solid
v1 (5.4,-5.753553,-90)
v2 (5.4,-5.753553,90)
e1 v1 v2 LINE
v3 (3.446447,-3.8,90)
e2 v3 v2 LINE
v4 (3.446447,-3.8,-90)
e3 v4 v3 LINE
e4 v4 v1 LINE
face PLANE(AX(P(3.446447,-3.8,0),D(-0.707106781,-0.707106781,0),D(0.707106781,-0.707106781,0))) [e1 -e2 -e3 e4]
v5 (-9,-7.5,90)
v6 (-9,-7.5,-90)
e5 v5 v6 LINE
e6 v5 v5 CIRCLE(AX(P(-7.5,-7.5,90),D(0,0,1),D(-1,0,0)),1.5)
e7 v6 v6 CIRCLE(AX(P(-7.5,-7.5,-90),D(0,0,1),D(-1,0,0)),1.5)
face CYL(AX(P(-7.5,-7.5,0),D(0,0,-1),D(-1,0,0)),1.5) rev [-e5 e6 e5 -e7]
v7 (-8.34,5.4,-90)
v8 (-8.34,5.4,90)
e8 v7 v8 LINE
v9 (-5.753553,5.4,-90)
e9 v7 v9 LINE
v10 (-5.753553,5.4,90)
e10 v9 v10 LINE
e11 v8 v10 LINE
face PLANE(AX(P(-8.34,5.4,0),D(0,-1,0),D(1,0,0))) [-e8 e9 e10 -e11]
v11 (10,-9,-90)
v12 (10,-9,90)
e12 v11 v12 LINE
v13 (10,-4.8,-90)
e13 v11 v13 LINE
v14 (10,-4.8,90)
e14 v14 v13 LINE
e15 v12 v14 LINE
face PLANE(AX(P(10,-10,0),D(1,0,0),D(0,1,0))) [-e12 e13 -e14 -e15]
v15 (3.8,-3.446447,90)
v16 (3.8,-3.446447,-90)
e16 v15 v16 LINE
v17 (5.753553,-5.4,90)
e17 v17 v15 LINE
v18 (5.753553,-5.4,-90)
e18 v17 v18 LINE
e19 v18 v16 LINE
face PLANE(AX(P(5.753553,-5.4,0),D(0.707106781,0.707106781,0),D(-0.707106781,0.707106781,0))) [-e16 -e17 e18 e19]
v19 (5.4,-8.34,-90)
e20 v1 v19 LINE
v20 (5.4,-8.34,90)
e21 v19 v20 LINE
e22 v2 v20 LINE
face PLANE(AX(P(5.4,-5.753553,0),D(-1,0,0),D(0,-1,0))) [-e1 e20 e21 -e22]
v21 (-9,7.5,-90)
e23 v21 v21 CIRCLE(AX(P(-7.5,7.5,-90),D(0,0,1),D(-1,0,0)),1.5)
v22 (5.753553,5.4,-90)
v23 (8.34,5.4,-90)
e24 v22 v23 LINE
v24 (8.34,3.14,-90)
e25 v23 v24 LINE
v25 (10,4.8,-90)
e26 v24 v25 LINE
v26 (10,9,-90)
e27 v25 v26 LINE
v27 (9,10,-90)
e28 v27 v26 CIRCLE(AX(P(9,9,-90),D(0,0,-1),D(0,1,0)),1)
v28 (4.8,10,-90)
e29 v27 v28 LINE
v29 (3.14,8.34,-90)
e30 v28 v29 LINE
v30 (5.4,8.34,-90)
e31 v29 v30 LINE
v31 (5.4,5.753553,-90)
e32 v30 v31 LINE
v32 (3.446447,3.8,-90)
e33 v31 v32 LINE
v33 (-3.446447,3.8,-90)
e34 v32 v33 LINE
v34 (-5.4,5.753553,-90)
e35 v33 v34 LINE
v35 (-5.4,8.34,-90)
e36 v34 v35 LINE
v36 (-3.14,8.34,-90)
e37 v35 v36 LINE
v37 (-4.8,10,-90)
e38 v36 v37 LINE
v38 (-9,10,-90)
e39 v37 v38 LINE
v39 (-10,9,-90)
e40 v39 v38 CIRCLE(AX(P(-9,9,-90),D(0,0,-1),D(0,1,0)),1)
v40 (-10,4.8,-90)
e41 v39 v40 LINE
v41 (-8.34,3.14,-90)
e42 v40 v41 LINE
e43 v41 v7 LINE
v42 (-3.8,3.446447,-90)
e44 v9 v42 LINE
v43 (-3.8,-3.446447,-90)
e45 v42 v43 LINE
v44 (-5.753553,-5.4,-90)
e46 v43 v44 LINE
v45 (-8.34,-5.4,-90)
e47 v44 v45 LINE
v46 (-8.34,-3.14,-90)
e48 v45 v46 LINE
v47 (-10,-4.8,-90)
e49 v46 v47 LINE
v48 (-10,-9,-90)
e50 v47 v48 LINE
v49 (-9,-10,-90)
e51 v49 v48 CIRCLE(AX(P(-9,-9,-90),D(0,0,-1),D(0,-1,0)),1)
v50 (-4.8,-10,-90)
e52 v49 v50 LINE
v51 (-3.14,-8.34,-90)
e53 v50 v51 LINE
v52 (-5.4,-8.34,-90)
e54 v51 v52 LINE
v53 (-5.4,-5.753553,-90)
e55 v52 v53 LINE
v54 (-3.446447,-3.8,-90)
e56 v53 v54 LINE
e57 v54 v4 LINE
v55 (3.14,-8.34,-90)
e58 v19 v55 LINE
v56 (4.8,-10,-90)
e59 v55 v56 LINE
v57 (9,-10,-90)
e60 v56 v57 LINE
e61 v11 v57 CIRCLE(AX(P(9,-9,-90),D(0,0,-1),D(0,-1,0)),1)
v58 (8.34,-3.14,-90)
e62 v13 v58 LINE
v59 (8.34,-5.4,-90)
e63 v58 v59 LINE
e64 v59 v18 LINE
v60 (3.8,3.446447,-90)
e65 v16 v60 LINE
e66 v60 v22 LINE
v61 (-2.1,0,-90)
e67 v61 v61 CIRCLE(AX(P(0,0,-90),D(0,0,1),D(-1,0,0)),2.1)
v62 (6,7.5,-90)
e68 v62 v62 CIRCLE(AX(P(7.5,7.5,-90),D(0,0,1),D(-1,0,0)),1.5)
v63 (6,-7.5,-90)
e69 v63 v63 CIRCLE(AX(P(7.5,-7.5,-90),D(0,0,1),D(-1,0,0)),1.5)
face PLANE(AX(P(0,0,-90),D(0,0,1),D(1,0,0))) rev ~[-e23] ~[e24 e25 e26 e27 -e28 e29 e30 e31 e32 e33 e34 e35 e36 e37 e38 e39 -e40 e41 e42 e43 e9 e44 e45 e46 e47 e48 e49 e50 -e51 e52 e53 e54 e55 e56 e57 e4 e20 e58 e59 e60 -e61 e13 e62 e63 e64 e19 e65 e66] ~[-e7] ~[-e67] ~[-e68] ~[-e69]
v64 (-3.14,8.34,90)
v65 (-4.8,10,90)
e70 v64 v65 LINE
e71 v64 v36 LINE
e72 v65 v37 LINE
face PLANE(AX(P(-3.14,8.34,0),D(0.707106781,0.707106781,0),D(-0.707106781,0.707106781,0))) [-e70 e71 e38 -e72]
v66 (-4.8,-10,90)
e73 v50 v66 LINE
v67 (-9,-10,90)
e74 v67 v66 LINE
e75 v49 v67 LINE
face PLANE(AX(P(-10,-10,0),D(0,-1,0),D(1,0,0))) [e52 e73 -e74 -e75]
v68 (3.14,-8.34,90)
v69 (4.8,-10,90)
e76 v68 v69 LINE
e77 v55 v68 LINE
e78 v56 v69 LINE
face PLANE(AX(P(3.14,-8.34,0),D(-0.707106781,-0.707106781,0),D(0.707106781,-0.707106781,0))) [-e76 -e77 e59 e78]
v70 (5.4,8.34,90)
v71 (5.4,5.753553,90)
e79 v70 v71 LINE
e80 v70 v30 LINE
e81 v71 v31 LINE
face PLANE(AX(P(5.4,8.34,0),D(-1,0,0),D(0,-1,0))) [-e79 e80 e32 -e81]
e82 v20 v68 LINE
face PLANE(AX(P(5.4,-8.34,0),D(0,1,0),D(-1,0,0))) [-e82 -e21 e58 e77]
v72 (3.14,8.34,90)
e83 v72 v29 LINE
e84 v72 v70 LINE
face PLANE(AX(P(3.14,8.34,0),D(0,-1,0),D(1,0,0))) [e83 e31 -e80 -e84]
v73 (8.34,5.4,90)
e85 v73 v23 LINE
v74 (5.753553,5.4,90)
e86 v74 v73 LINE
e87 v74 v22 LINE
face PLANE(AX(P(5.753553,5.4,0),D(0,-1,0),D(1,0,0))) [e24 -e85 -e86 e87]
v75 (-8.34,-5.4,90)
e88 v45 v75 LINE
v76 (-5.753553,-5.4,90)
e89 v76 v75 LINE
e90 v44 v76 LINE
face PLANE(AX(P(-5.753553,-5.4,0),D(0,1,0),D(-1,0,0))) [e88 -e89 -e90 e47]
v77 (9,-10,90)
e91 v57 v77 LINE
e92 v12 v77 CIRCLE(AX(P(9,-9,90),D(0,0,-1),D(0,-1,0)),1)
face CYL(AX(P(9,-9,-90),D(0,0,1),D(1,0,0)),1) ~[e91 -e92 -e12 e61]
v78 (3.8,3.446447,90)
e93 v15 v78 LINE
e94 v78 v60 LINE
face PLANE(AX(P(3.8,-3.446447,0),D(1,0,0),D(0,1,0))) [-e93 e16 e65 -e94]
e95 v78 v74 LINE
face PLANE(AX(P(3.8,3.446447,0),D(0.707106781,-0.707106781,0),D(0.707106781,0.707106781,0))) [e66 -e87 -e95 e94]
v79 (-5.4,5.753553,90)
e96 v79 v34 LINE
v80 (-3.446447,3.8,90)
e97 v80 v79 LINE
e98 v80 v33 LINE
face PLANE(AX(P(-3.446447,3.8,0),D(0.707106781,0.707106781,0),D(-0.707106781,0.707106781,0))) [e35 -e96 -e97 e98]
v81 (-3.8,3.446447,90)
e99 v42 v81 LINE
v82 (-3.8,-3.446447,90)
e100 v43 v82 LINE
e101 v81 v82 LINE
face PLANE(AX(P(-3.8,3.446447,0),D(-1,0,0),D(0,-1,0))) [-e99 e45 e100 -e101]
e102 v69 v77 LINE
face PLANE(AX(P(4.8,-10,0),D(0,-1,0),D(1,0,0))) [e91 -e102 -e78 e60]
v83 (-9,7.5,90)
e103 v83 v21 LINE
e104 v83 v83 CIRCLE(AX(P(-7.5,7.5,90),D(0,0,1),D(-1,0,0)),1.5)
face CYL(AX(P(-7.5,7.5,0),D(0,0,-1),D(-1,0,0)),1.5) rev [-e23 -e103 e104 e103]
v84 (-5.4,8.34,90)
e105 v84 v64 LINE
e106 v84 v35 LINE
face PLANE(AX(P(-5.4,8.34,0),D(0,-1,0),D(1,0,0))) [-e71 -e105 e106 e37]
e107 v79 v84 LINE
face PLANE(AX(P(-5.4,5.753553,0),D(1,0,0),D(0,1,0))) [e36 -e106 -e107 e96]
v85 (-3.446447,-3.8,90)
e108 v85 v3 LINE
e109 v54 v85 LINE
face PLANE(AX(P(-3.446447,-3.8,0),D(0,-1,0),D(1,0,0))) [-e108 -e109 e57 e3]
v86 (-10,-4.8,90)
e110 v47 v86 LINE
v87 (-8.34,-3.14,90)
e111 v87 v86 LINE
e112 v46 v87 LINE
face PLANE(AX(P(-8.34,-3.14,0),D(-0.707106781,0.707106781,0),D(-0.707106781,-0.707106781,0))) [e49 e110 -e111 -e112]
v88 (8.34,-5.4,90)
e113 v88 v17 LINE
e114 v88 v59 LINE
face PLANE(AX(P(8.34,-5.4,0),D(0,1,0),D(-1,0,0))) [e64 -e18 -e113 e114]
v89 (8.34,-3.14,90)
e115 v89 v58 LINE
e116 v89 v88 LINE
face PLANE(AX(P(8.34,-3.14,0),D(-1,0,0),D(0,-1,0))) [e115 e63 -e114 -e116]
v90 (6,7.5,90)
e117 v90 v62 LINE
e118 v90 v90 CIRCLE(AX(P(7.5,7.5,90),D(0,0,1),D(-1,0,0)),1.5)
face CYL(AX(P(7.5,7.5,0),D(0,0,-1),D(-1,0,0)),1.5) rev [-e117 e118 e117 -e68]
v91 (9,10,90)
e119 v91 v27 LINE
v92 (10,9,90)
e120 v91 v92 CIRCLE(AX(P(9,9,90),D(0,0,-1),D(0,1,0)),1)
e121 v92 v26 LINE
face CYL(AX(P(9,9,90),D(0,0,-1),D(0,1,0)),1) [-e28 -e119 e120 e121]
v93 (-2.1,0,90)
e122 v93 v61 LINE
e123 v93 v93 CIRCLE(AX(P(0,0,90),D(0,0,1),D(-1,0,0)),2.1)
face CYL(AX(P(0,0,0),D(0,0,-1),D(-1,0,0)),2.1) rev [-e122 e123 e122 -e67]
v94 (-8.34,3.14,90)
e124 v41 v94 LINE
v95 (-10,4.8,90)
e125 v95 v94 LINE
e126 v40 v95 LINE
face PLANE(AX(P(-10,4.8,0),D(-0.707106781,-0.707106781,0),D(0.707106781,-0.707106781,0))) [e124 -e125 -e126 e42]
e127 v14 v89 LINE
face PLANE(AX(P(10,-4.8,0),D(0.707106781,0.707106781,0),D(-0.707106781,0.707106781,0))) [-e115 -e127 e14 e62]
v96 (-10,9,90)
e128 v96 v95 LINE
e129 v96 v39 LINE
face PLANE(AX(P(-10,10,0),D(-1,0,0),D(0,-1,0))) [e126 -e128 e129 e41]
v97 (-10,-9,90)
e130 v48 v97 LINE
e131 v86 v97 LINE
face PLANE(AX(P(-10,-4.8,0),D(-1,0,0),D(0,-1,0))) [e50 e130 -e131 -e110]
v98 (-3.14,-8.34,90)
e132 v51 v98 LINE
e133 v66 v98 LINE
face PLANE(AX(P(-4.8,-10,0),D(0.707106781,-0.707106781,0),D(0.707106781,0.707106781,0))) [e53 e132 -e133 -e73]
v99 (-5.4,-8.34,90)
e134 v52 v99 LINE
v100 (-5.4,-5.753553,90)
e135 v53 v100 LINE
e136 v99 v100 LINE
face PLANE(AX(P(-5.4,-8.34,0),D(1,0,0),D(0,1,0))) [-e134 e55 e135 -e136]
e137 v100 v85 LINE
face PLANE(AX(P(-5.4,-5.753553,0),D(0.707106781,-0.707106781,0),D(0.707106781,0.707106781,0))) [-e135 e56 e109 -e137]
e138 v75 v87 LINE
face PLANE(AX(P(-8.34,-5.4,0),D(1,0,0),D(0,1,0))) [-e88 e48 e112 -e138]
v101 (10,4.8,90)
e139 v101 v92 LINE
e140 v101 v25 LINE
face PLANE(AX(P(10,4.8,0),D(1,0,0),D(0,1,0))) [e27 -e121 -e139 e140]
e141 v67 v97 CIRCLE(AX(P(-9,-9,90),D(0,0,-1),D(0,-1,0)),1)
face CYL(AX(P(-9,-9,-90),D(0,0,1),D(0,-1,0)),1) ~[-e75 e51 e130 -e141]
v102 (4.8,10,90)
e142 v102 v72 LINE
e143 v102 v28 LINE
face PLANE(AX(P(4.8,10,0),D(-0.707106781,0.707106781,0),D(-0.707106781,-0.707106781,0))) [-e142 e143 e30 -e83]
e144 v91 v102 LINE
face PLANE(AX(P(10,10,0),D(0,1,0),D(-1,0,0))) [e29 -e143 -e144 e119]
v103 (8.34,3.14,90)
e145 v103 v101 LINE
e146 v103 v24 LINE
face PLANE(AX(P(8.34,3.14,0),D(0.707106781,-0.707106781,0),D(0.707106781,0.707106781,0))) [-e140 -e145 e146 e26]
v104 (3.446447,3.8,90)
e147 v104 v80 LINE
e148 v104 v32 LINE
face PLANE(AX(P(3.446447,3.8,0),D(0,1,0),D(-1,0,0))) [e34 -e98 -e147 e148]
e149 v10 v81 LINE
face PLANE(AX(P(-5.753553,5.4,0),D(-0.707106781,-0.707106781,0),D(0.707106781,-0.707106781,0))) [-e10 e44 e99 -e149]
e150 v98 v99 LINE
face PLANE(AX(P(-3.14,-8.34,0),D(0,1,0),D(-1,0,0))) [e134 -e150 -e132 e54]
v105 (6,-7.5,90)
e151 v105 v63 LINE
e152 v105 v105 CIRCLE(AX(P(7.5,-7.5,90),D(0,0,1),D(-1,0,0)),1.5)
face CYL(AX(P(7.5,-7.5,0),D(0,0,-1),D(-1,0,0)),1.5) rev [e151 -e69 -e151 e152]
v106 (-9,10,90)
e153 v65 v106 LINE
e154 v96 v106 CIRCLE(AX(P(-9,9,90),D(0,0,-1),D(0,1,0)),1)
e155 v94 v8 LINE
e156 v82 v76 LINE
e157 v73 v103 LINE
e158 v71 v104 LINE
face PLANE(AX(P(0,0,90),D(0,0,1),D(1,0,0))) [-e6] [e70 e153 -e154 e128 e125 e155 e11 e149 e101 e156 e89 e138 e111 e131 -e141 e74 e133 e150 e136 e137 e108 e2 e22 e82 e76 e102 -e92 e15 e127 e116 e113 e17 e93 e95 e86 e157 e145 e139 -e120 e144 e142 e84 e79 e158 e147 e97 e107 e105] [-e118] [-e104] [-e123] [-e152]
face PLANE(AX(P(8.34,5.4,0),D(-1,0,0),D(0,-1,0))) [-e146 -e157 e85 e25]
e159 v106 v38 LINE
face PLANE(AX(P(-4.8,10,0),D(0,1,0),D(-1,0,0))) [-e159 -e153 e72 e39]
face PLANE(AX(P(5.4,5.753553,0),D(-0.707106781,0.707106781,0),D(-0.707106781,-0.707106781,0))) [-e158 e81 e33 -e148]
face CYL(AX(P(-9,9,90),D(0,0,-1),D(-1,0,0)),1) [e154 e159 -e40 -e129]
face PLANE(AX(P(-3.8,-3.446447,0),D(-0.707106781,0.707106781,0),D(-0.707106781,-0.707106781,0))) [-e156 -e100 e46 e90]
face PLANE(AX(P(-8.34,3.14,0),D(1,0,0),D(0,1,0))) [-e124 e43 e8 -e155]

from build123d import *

# Parameters (mm, degrees)
SKETCH_1_R      = 1.5
SKETCH_1_R_2    = 2.1
EXTRUDE_1_DEPTH = 90
FILLET_1_R      = 1


with BuildPart() as part:
    # 草图1 → 凸台-拉伸1 (new, symmetric)
    with BuildSketch(Plane.XY):
        Polygon((-10, 10), (-10, 4.8), (-8.34, 3.14), (-8.34, 5.4), (-5.753553391, 5.4), (-3.8, 3.446446609), (-3.8, -3.446446609), (-5.753553391, -5.4), (-8.34, -5.4), (-8.34, -3.14), (-10, -4.8), (-10, -10), (-4.8, -10), (-3.14, -8.34), (-5.4, -8.34), (-5.4, -5.753553391), (-3.446446609, -3.8), (3.446446609, -3.8), (5.4, -5.753553391), (5.4, -8.34), (3.14, -8.34), (4.8, -10), (10, -10), (10, -4.8), (8.34, -3.14), (8.34, -5.4), (5.753553391, -5.4), (3.8, -3.446446609), (3.8, 3.446446609), (5.753553391, 5.4), (8.34, 5.4), (8.34, 3.14), (10, 4.8), (10, 10), (4.8, 10), (3.14, 8.34), (5.4, 8.34), (5.4, 5.753553391), (3.446446609, 3.8), (-3.446446609, 3.8), (-5.4, 5.753553391), (-5.4, 8.34), (-3.14, 8.34), (-4.8, 10), align=None)
        with Locations(Location((-7.5, 7.5, 0), (0, 0, 180))):
            Circle(SKETCH_1_R, mode=Mode.SUBTRACT)
        with Locations(Location((0, 0, 0), (0, 0, 180))):
            Circle(SKETCH_1_R_2, mode=Mode.SUBTRACT)
        with Locations(Location((-7.5, -7.5, 0), (0, 0, 180))):
            Circle(SKETCH_1_R, mode=Mode.SUBTRACT)
        with Locations(Location((7.5, -7.5, 0), (0, 0, 180))):
            Circle(SKETCH_1_R, mode=Mode.SUBTRACT)
        with Locations(Location((7.5, 7.5, 0), (0, 0, 180))):
            Circle(SKETCH_1_R, mode=Mode.SUBTRACT)
    extrude(amount=EXTRUDE_1_DEPTH, both=True)

    # 圆角1
    fillet_1_edges = [part.edges().sort_by_distance(p)[0] for p in [
        (10, 10, 0),
        (10, -10, 0),
        (-10, -10, 0),
        (-10, 10, 0),
    ]]
    fillet(fillet_1_edges, radius=FILLET_1_R)


solid = part.part
